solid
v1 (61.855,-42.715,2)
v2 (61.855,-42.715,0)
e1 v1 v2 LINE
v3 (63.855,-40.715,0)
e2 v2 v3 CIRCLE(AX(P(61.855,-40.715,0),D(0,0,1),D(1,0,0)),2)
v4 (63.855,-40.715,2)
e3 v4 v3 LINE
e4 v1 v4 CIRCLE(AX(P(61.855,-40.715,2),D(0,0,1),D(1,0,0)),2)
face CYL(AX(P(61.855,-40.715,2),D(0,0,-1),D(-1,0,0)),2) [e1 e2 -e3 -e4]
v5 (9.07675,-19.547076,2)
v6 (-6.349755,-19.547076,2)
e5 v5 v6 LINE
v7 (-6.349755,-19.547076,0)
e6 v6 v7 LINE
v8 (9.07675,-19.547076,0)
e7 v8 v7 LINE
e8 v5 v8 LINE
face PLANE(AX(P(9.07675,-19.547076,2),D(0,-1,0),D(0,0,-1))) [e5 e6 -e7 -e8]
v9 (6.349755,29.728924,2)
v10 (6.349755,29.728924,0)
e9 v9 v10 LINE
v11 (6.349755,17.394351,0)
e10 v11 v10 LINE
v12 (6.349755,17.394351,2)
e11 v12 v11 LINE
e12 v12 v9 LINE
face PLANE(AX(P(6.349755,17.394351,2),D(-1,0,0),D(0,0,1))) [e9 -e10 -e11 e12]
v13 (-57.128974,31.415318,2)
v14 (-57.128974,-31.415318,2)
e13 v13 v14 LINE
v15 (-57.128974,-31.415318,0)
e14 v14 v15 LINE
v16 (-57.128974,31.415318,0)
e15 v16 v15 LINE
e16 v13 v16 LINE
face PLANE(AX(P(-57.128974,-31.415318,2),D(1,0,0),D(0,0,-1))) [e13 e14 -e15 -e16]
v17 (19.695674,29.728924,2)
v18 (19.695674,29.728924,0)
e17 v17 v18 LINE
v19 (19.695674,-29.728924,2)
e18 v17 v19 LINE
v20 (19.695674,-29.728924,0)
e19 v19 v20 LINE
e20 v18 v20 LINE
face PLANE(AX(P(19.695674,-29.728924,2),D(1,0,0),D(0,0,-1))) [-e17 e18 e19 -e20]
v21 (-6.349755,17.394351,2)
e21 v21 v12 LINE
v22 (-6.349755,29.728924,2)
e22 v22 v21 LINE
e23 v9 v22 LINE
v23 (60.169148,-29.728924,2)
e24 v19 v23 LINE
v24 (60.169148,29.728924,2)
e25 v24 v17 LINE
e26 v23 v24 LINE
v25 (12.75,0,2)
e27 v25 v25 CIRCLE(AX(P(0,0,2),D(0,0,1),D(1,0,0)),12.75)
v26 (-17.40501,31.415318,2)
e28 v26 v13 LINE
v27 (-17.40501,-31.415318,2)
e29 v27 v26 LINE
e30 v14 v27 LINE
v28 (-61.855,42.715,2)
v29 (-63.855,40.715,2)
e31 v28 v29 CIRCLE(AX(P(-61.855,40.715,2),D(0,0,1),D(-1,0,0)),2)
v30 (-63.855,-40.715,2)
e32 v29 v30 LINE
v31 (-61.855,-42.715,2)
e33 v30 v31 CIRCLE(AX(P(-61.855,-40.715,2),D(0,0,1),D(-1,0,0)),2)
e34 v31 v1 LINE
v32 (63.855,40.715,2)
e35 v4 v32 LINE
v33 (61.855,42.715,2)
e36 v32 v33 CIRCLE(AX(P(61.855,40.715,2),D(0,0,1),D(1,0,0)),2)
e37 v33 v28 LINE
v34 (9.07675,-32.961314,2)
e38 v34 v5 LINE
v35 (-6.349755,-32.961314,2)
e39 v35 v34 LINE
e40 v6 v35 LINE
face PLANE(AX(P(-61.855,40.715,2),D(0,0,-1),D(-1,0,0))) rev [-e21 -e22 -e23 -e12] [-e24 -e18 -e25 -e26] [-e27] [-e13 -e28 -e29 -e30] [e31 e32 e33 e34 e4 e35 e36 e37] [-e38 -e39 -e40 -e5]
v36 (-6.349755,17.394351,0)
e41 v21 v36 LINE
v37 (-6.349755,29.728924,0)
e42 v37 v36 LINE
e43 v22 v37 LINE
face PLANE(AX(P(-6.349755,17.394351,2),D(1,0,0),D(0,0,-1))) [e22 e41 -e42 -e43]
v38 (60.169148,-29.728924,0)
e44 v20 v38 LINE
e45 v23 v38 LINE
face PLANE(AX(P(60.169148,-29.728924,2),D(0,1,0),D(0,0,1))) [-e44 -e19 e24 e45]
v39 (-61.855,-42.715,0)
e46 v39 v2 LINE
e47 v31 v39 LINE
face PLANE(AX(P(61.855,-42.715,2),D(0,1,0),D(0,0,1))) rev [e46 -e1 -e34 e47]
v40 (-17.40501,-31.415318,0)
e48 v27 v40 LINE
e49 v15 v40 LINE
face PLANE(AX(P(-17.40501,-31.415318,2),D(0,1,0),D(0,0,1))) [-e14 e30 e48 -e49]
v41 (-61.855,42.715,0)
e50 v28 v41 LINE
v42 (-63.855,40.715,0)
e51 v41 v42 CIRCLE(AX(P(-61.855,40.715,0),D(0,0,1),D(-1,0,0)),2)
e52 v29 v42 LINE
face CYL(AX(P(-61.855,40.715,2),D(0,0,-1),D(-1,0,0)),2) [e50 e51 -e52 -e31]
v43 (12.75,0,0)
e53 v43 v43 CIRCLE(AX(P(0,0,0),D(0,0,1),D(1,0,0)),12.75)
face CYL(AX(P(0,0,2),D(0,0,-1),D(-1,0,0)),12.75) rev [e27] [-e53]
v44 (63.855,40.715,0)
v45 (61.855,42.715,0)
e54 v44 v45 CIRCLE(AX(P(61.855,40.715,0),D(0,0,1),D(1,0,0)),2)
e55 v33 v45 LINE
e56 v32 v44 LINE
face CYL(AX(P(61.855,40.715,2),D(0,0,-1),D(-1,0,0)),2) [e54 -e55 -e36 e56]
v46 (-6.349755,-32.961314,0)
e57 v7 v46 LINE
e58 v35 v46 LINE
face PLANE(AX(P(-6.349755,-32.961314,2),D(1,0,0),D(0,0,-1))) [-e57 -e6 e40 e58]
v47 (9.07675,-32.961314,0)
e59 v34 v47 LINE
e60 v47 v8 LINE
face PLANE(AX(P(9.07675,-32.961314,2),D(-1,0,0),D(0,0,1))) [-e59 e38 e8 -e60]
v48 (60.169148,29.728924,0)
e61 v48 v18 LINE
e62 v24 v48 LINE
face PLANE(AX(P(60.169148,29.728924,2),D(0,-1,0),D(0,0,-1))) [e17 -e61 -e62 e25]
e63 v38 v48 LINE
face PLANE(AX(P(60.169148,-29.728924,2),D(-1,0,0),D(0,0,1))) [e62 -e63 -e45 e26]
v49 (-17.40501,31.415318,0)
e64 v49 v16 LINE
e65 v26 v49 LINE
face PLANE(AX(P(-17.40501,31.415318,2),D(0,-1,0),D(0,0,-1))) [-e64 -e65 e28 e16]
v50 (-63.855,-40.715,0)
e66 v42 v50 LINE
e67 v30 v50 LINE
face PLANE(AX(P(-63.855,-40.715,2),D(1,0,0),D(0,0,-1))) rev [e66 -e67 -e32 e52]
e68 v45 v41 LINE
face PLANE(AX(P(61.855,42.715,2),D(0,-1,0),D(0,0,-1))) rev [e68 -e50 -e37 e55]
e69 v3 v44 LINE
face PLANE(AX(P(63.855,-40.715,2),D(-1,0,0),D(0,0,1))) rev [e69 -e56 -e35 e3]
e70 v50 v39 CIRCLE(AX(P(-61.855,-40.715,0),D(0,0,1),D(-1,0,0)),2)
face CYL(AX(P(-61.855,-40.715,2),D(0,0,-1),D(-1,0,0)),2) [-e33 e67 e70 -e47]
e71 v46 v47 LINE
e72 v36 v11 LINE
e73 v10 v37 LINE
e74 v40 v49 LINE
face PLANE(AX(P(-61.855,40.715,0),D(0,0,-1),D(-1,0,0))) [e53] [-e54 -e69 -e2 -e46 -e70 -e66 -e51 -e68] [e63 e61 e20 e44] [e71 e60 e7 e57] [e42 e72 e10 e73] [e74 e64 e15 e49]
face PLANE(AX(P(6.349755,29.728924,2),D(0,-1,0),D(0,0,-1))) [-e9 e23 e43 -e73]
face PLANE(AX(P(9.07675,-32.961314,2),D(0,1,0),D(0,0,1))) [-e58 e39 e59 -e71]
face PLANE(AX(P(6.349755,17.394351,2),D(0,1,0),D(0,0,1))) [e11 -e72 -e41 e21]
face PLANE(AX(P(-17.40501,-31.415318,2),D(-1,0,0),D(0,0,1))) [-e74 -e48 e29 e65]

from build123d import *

# Parameters (mm, degrees)
SKETCH1_R           = 12.75
SKETCH1_W           = 39.723964685
SKETCH1_H           = 62.830636574
SKETCH1_W_2         = 40.473473452
SKETCH1_H_2         = 59.45784712
SKETCH1_W_3         = 12.699510432
SKETCH1_H_3         = 12.334572549
SKETCH1_W_4         = 15.426505011
SKETCH1_H_4         = 13.414238347
BOSS_EXTRUDE1_DEPTH = 2


with BuildPart() as part:
    # Sketch1 → Boss-Extrude1 (new body)
    with BuildSketch(Plane.XY):
        with BuildLine():
            Line((61.855, -42.715), (-61.855, -42.715))
            ThreePointArc((-61.855, -42.715), (-63.269213562, -42.129213562), (-63.855, -40.715))
            Line((-63.855, -40.715), (-63.855, 40.715))
            ThreePointArc((-63.855, 40.715), (-63.269213562, 42.129213562), (-61.855, 42.715))
            Line((-61.855, 42.715), (61.855, 42.715))
            ThreePointArc((61.855, 42.715), (63.269213562, 42.129213562), (63.855, 40.715))
            Line((63.855, 40.715), (63.855, -40.715))
            ThreePointArc((63.855, -40.715), (63.269213562, -42.129213562), (61.855, -42.715))
        make_face()
        Circle(SKETCH1_R, mode=Mode.SUBTRACT)
        with Locations((-37.266991881, 0)):
            Rectangle(SKETCH1_W, SKETCH1_H, mode=Mode.SUBTRACT)
        with Locations((39.932411186, 0)):
            Rectangle(SKETCH1_W_2, SKETCH1_H_2, mode=Mode.SUBTRACT)
        with Locations((0, 23.561637286)):
            Rectangle(SKETCH1_W_3, SKETCH1_H_3, mode=Mode.SUBTRACT)
        with Locations((1.36349729, -26.254195002)):
            Rectangle(SKETCH1_W_4, SKETCH1_H_4, mode=Mode.SUBTRACT)
    extrude(amount=BOSS_EXTRUDE1_DEPTH)


solid = part.part
